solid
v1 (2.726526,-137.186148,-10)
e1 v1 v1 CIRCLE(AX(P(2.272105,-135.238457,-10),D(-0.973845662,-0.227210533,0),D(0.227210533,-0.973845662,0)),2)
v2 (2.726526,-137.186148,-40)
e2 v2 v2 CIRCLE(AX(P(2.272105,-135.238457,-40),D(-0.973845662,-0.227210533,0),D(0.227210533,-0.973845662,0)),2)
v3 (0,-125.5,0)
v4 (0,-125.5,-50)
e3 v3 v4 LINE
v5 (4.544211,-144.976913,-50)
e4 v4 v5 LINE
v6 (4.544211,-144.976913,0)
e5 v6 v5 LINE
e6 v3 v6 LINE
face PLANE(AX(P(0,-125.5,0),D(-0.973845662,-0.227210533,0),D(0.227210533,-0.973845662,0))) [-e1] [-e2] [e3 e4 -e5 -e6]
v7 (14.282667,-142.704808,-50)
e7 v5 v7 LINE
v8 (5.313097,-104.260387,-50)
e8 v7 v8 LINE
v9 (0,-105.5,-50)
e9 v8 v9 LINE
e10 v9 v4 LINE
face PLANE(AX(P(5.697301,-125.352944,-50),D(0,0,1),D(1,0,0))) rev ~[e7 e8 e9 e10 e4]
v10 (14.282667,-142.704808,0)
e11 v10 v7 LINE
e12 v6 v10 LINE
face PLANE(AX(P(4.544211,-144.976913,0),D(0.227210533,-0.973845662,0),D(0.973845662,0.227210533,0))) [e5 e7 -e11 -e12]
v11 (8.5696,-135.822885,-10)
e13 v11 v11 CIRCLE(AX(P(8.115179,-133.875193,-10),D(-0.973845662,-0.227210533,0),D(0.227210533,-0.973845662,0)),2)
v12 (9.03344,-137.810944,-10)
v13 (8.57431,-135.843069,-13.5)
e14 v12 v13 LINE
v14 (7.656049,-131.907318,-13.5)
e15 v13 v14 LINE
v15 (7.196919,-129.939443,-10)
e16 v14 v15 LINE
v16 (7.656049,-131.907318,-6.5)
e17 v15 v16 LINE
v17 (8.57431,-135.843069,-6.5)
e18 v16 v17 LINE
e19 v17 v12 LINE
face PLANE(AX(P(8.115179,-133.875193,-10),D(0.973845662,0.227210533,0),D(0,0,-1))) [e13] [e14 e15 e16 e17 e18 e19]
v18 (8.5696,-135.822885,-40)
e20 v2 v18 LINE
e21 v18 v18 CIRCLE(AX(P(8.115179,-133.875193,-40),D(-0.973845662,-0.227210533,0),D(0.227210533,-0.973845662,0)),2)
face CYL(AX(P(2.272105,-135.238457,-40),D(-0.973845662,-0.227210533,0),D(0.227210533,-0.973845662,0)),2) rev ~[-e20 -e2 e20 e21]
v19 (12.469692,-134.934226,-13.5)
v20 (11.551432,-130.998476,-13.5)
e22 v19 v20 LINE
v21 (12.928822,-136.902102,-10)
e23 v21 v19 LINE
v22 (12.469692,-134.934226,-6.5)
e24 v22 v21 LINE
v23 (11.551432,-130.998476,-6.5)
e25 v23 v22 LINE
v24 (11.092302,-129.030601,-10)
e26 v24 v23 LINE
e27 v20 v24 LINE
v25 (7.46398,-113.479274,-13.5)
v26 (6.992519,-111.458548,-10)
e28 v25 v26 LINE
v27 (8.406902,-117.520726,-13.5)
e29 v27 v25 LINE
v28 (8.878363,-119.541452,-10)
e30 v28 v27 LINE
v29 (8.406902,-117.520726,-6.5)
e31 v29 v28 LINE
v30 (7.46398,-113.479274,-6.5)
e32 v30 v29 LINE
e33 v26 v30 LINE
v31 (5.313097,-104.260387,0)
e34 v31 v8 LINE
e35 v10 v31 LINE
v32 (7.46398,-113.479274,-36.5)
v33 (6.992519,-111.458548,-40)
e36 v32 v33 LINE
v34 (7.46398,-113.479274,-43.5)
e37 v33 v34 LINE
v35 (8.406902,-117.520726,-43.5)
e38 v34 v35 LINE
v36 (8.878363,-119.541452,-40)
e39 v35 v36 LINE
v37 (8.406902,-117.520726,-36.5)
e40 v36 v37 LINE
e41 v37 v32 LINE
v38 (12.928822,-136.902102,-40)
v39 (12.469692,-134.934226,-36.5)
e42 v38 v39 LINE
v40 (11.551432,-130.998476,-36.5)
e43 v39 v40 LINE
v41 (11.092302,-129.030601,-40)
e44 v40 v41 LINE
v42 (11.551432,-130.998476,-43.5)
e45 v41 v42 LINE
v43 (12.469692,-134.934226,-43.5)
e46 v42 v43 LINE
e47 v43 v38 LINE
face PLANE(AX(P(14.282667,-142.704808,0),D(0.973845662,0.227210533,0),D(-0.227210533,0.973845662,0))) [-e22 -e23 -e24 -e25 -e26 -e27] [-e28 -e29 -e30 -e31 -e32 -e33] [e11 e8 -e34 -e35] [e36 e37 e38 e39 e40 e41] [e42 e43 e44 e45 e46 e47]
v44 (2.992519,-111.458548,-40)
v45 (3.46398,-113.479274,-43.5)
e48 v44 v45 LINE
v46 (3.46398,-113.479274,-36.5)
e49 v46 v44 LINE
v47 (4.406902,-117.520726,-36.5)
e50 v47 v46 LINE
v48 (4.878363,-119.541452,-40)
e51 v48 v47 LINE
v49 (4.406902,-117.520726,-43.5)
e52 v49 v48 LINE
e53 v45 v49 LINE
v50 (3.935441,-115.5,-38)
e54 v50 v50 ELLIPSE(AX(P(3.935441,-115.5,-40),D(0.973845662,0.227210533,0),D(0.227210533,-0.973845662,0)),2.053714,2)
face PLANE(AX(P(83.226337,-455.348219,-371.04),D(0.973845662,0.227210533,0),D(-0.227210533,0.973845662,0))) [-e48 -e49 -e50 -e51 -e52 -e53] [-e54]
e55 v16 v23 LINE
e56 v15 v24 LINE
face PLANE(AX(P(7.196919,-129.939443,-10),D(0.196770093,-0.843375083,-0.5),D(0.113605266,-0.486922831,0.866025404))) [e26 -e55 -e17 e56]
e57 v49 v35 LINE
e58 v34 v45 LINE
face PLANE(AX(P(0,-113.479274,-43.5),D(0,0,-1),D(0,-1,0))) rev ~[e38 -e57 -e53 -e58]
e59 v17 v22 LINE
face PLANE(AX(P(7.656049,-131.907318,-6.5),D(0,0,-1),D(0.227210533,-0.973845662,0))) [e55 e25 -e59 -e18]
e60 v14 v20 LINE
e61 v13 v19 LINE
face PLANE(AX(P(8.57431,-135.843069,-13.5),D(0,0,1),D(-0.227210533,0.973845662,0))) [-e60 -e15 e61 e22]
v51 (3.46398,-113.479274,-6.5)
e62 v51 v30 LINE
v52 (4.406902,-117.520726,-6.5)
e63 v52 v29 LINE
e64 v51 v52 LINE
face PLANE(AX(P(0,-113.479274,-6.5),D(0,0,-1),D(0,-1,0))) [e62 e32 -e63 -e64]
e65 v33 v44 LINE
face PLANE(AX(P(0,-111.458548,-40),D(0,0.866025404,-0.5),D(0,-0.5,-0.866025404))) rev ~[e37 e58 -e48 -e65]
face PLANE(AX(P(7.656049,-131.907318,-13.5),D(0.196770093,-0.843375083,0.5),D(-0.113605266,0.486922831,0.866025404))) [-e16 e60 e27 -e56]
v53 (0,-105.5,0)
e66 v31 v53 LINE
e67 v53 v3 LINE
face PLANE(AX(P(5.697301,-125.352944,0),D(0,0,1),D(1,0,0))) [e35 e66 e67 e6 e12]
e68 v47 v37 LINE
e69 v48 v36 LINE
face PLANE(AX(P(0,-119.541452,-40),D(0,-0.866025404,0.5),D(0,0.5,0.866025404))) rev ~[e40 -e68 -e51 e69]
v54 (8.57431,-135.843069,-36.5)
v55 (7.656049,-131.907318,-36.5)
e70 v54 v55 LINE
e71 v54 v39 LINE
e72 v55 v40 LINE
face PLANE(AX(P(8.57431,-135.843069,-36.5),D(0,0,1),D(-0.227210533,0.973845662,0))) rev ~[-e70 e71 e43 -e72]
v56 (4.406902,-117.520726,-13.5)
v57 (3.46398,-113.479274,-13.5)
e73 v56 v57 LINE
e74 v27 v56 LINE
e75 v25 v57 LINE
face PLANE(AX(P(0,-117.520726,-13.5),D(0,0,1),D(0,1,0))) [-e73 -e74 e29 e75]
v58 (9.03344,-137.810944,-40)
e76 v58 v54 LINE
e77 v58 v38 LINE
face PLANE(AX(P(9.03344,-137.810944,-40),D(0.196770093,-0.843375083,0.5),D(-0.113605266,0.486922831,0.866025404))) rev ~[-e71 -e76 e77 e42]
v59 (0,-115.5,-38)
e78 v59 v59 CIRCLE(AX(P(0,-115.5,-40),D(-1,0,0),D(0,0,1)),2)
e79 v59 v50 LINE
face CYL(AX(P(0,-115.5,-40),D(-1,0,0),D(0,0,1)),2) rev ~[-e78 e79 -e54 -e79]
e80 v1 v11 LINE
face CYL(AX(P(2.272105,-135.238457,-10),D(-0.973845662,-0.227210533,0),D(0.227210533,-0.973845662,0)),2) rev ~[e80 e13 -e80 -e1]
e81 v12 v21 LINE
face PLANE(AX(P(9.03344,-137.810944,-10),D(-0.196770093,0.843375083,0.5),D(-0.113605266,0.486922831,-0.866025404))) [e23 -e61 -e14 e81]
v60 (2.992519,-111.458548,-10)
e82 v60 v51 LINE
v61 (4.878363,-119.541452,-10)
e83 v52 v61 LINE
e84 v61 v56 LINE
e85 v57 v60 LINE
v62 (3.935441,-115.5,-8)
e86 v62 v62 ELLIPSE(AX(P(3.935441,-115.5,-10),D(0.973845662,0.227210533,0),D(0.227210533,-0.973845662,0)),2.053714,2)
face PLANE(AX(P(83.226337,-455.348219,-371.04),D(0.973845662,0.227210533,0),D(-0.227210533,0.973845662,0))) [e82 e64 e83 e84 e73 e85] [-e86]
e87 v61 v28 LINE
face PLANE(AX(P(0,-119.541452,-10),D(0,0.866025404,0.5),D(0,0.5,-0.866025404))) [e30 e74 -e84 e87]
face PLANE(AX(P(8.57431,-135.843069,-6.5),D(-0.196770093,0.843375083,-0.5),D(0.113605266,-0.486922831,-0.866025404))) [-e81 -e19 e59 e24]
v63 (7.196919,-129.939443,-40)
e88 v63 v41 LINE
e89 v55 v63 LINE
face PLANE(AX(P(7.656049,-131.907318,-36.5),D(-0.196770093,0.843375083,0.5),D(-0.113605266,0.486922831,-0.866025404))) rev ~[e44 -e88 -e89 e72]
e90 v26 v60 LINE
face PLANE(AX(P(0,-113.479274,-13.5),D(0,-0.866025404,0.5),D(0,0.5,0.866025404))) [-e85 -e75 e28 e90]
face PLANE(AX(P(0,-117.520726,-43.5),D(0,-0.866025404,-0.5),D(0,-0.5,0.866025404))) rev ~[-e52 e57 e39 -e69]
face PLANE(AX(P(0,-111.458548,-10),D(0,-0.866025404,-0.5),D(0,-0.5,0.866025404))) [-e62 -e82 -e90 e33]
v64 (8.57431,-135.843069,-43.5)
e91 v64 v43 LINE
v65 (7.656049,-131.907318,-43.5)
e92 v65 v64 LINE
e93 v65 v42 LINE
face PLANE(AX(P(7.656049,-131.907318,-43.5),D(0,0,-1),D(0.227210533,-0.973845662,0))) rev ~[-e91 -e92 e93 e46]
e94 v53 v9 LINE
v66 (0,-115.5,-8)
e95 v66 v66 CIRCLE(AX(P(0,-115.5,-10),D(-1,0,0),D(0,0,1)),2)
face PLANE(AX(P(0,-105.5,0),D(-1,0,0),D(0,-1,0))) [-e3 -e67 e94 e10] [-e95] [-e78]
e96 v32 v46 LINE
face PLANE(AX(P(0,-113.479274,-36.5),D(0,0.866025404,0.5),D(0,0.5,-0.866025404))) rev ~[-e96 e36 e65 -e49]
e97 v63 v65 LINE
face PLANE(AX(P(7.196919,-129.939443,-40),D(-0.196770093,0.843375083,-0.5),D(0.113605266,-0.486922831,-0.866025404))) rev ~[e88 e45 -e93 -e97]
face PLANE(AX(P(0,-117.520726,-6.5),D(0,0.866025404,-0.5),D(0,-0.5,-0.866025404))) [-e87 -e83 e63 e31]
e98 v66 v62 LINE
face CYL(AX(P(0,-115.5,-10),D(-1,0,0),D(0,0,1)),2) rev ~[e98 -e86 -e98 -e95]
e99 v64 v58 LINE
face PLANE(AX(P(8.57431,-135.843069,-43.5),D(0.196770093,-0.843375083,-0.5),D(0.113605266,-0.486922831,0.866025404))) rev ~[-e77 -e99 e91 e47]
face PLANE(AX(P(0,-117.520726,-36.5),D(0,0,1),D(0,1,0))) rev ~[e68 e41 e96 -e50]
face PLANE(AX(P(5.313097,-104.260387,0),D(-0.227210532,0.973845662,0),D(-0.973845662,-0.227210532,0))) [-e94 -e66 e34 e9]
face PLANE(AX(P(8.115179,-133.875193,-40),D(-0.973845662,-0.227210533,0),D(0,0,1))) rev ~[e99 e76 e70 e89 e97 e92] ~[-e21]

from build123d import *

# Parameters (mm, degrees)
BOSS_EXTRUDE1_DEPTH = 50
SKETCH2_R           = 2
CUT_EXTRUDE1_DEPTH  = 50
CUT_EXTRUDE2_REACH  = 160.02
SKETCH2_3_R         = 2
SKETCH3_R           = 2
CUT_EXTRUDE3_DEPTH  = 154.134111759
CUT_EXTRUDE4_START  = -6
SKETCH3_3_R         = 2
CUT_EXTRUDE4_DEPTH  = 4


with BuildPart() as part:
    # Sketch1 → Boss-Extrude1 (new body)
    with BuildSketch(Plane.XY):
        Polygon((0, -105.5), (0, -125.5), (4.544210652, -144.976913245), (14.282667274, -142.704807919), (5.313096791, -104.260387197), align=None)
    extrude(amount=-BOSS_EXTRUDE1_DEPTH)

    # Sketch2 → Cut-Extrude1 (cut)
    with BuildSketch(Plane.ZY):
        with Locations((-40, -115.5)):
            Circle(SKETCH2_R)
        with Locations((-10, -115.5)):
            Circle(SKETCH2_R)
    extrude(amount=-CUT_EXTRUDE1_DEPTH, mode=Mode.SUBTRACT)

    # Cut-Extrude2: from a plane face, 160.02 long prism both ways, kept between that surface and its translate by the depth
    cut_extrude2_start = Plane(origin=(14.282667274, -142.704807919, -50), z_dir=(0.9738456622517382, 0.227210532576009, 0)) * Box(642.08, 642.08, 321.04, align=(Align.CENTER, Align.CENTER, Align.MIN), mode=Mode.PRIVATE)
    cut_extrude2_end = Plane(origin=(10.282667274, -142.704807919, -50), z_dir=(0.9738456622517382, 0.227210532576009, 0)) * Box(642.08, 642.08, 321.04, align=(Align.CENTER, Align.CENTER, Align.MIN), mode=Mode.PRIVATE)
    # Sketch2<3> → Cut-Extrude2 (cut, from a surface)
    with BuildSketch(Plane.ZY, mode=Mode.PRIVATE) as cut_extrude2_sk1:
        Polygon((-36.5, -117.520725942), (-36.5, -113.479274058), (-40, -111.458548116), (-43.5, -113.479274058), (-43.5, -117.520725942), (-40, -119.541451884), align=None)
        with Locations((-40, -115.5)):
            Circle(SKETCH2_3_R, mode=Mode.SUBTRACT)
    cut_extrude2_tool1 = extrude(cut_extrude2_sk1.sketch, amount=CUT_EXTRUDE2_REACH, both=True, mode=Mode.PRIVATE)
    add(((cut_extrude2_tool1 - cut_extrude2_start) & cut_extrude2_end).solids().sort_by_distance((5.935441, -115.5, -36.606927))[0], mode=Mode.SUBTRACT)
    # Sketch2<3> → Cut-Extrude2 (cut, from a surface)
    with BuildSketch(Plane.ZY, mode=Mode.PRIVATE) as cut_extrude2_sk2:
        Polygon((-10, -111.458548116), (-6.5, -113.479274058), (-6.5, -117.520725942), (-10, -119.541451884), (-13.5, -117.520725942), (-13.5, -113.479274058), align=None)
        with Locations((-10, -115.5)):
            Circle(SKETCH2_3_R, mode=Mode.SUBTRACT)
    cut_extrude2_tool2 = extrude(cut_extrude2_sk2.sketch, amount=CUT_EXTRUDE2_REACH, both=True, mode=Mode.PRIVATE)
    add(((cut_extrude2_tool2 - cut_extrude2_start) & cut_extrude2_end).solids().sort_by_distance((5.935441, -115.5, -36.606927))[0], mode=Mode.SUBTRACT)

    # Sketch3 → Cut-Extrude3 (cut, through all)
    with BuildSketch(Plane(origin=(-27.769132942, -6.478890577, 0), x_dir=(0, 0, 1), z_dir=(-0.973845662251742, -0.22721053257599275, 0))):
        with Locations(Location((-40, -132.217630613, 0), (0, 0, 270))):
            Circle(SKETCH3_R)
        with Locations(Location((-10, -132.217630613, 0), (0, 0, 270))):
            Circle(SKETCH3_R)
    extrude(amount=-CUT_EXTRUDE3_DEPTH, mode=Mode.SUBTRACT)

    # Sketch3<3> → Cut-Extrude4 (cut)
    # profile 1 of 2: a face of its own
    with BuildSketch(Plane(origin=(-27.769132942, -6.478890577, 0), x_dir=(0, 0, 1), z_dir=(-0.973845662251742, -0.22721053257599275, 0)).offset(CUT_EXTRUDE4_START)):
        Polygon((-36.5, -134.238356555), (-36.5, -130.19690467), (-40, -128.176178728), (-43.5, -130.19690467), (-43.5, -134.238356555), (-40, -136.259082497), align=None)
        with Locations(Location((-40, -132.217630613, 0), (0, 0, 270))):
            Circle(SKETCH3_3_R, mode=Mode.SUBTRACT)
    # profile 2 of 2: a face of its own
    with BuildSketch(Plane(origin=(-27.769132942, -6.478890577, 0), x_dir=(0, 0, 1), z_dir=(-0.973845662251742, -0.22721053257599275, 0)).offset(CUT_EXTRUDE4_START)):
        Polygon((-10, -128.176178728), (-6.5, -130.19690467), (-6.5, -134.238356555), (-10, -136.259082497), (-13.5, -134.238356555), (-13.5, -130.19690467), align=None)
        with Locations(Location((-10, -132.217630613, 0), (0, 0, 270))):
            Circle(SKETCH3_3_R, mode=Mode.SUBTRACT)
    extrude(amount=-CUT_EXTRUDE4_DEPTH, mode=Mode.SUBTRACT)


solid = part.part
